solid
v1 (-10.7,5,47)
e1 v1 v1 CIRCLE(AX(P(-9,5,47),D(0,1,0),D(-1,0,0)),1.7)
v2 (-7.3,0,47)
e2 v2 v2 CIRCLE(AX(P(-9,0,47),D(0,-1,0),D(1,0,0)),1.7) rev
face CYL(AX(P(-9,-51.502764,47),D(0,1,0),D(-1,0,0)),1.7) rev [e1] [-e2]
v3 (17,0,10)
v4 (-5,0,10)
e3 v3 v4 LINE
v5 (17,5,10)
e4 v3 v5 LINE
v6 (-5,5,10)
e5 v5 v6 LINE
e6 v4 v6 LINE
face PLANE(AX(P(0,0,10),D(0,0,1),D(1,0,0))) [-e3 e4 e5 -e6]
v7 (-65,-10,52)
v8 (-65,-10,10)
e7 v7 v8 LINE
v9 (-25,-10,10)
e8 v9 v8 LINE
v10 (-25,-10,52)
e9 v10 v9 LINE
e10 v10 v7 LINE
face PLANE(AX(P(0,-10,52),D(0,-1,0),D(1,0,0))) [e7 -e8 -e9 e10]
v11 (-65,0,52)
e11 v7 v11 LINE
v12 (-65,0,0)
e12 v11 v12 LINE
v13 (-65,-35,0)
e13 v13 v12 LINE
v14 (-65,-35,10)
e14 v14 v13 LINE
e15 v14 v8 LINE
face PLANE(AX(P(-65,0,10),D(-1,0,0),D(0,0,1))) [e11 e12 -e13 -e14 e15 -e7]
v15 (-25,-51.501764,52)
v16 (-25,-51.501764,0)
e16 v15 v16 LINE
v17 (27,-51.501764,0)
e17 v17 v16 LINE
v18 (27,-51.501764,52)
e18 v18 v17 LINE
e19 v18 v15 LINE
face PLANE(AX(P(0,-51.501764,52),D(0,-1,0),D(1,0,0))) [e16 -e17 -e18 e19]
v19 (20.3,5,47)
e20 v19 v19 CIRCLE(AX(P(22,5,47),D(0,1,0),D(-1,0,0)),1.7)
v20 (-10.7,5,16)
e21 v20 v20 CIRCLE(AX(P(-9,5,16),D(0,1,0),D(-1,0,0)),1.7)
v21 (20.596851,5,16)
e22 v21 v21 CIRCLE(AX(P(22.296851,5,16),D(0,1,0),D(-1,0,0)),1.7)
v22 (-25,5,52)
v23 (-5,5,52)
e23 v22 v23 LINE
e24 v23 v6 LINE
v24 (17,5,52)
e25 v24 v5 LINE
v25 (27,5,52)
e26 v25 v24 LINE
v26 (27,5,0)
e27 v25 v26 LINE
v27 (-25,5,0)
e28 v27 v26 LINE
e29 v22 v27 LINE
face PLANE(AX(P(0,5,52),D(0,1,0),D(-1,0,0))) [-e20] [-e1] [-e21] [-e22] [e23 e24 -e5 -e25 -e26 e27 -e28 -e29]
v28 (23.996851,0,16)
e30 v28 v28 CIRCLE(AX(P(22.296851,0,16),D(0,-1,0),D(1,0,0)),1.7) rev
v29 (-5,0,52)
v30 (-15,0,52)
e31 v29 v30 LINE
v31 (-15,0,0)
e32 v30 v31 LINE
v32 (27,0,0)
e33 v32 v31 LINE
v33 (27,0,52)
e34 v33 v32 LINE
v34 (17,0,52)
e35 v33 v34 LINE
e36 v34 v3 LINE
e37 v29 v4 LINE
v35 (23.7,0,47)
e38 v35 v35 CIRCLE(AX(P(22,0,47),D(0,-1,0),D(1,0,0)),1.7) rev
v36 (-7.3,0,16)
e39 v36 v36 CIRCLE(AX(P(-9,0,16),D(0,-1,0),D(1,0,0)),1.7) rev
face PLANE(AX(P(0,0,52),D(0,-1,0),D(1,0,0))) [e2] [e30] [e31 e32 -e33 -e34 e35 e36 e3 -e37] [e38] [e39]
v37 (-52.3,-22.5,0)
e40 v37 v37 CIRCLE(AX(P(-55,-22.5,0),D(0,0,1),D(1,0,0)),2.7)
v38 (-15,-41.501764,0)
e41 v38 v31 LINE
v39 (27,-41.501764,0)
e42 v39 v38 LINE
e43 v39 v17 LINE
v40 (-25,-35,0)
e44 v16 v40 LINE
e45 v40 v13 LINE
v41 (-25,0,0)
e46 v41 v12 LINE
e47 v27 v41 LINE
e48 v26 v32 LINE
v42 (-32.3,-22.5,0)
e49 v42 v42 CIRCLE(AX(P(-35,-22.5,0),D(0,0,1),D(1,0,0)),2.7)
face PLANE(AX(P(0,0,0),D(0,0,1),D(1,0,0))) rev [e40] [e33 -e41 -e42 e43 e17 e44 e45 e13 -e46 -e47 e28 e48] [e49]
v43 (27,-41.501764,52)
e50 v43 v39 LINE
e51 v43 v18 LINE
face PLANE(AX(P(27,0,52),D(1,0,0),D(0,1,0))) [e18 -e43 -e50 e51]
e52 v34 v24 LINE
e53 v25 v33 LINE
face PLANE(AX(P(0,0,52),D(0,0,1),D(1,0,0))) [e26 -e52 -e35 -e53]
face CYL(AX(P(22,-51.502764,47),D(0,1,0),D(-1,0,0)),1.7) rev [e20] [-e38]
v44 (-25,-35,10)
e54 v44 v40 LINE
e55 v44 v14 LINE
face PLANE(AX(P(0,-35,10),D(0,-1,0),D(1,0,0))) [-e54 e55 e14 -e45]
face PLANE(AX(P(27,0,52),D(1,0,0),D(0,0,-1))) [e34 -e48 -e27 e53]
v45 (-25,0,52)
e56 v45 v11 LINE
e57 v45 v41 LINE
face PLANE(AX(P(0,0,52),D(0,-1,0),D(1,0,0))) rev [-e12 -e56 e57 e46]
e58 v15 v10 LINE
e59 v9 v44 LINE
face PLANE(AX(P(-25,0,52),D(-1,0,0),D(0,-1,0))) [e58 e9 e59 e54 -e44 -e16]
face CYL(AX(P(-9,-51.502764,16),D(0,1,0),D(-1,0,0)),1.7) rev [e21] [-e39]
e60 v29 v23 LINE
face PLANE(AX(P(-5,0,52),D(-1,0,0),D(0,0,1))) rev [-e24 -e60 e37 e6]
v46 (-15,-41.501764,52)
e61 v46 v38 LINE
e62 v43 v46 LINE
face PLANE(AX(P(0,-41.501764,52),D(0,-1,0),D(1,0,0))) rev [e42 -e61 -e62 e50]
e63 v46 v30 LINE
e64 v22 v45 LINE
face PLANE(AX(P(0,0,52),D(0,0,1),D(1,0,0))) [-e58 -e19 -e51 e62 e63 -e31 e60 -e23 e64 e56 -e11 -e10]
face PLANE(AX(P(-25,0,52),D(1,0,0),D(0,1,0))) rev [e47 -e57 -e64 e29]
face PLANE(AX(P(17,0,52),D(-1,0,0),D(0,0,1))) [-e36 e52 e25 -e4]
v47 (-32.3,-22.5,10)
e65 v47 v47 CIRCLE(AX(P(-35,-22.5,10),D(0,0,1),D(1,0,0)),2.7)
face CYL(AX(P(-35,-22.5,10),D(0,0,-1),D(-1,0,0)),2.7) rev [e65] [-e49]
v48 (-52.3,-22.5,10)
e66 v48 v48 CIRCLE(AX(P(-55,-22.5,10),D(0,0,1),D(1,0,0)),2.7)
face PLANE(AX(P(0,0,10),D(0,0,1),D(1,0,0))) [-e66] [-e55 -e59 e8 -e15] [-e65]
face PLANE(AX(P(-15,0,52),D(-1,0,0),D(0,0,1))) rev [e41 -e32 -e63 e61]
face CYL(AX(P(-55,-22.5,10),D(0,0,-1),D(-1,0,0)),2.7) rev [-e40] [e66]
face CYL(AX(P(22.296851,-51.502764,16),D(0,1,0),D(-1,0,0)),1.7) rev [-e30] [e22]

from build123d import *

# Parameters (mm, degrees)
SKETCH7_W             = 40
SKETCH7_H             = 25
SKETCH7_R             = 2.7
BOSS_EXTRUDE5_DEPTH   = 10
SKETCH7_W_2           = 22
SKETCH7_H_2           = 5
BOSS_EXTRUDE5_2_DEPTH = 10
SKETCH7_4_W           = 10
SKETCH7_4_H           = 5
BOSS_EXTRUDE6_DEPTH   = 52
CUT_EXTRUDE3_REACH    = 102.605
SKETCH8_R             = 1.7


with BuildPart() as part:
    # Sketch7 → Boss-Extrude5 (new body)
    with BuildSketch(Plane.XY):
        with Locations((-45, -22.5)):
            Rectangle(SKETCH7_W, SKETCH7_H)
        with Locations((-55, -22.5)):
            Circle(SKETCH7_R, mode=Mode.SUBTRACT)
        with Locations((-35, -22.5)):
            Circle(SKETCH7_R, mode=Mode.SUBTRACT)
    extrude(amount=BOSS_EXTRUDE5_DEPTH)



with BuildPart() as body_2:
    # Sketch7 → Boss-Extrude5 2 (new body)
    with BuildSketch(Plane.XY):
        with Locations((6, 2.5)):
            Rectangle(SKETCH7_W_2, SKETCH7_H_2)
    extrude(amount=BOSS_EXTRUDE5_2_DEPTH)


with BuildPart() as part_1:
    add(part.part)

    add(body_2.part)  # Boss-Extrude6 merges body 2
    # Sketch7<4> → Boss-Extrude6 (add)
    with BuildSketch(Plane.XY):
        Polygon((-15, -41.501763528), (-15, 0), (-5, 0), (-5, 5), (-25, 5), (-25, 0), (-65, 0), (-65, -10), (-25, -10), (-25, -51.501763528), (27, -51.501763528), (27, -41.501763528), align=None)
        with Locations((22, 2.5)):
            Rectangle(SKETCH7_4_W, SKETCH7_4_H)
    extrude(amount=BOSS_EXTRUDE6_DEPTH)

    # Sketch8 → Cut-Extrude3 (cut, up to next)
    with BuildSketch(Plane(origin=(0, 5, 0), x_dir=(1, 0, 0), z_dir=(0, 1, 0)), mode=Mode.PRIVATE) as cut_extrude3_sk1:
        with Locations((22, -47)):
            Circle(SKETCH8_R)
    cut_extrude3_tool1 = extrude(cut_extrude3_sk1.sketch, amount=-CUT_EXTRUDE3_REACH, mode=Mode.PRIVATE) & part_1.part
    # Sketch8 → Cut-Extrude3 (cut, up to next)
    with BuildSketch(Plane(origin=(0, 5, 0), x_dir=(1, 0, 0), z_dir=(0, 1, 0)), mode=Mode.PRIVATE) as cut_extrude3_sk2:
        with Locations((22.296850592, -16)):
            Circle(SKETCH8_R)
    cut_extrude3_tool2 = extrude(cut_extrude3_sk2.sketch, amount=-CUT_EXTRUDE3_REACH, mode=Mode.PRIVATE) & part_1.part
    # Sketch8 → Cut-Extrude3 (cut, up to next)
    with BuildSketch(Plane(origin=(0, 5, 0), x_dir=(1, 0, 0), z_dir=(0, 1, 0)), mode=Mode.PRIVATE) as cut_extrude3_sk3:
        with Locations((-9, -47)):
            Circle(SKETCH8_R)
    cut_extrude3_tool3 = extrude(cut_extrude3_sk3.sketch, amount=-CUT_EXTRUDE3_REACH, mode=Mode.PRIVATE) & part_1.part
    # Sketch8 → Cut-Extrude3 (cut, up to next)
    with BuildSketch(Plane(origin=(0, 5, 0), x_dir=(1, 0, 0), z_dir=(0, 1, 0)), mode=Mode.PRIVATE) as cut_extrude3_sk4:
        with Locations((-9, -16)):
            Circle(SKETCH8_R)
    cut_extrude3_tool4 = extrude(cut_extrude3_sk4.sketch, amount=-CUT_EXTRUDE3_REACH, mode=Mode.PRIVATE) & part_1.part
    add(cut_extrude3_tool1.solids().sort_by_distance((22, 5, 47))[0], mode=Mode.SUBTRACT)
    add(cut_extrude3_tool2.solids().sort_by_distance((22.296851, 5, 16))[0], mode=Mode.SUBTRACT)
    add(cut_extrude3_tool3.solids().sort_by_distance((-9, 5, 47))[0], mode=Mode.SUBTRACT)
    add(cut_extrude3_tool4.solids().sort_by_distance((-9, 5, 16))[0], mode=Mode.SUBTRACT)


solid = part_1.part
